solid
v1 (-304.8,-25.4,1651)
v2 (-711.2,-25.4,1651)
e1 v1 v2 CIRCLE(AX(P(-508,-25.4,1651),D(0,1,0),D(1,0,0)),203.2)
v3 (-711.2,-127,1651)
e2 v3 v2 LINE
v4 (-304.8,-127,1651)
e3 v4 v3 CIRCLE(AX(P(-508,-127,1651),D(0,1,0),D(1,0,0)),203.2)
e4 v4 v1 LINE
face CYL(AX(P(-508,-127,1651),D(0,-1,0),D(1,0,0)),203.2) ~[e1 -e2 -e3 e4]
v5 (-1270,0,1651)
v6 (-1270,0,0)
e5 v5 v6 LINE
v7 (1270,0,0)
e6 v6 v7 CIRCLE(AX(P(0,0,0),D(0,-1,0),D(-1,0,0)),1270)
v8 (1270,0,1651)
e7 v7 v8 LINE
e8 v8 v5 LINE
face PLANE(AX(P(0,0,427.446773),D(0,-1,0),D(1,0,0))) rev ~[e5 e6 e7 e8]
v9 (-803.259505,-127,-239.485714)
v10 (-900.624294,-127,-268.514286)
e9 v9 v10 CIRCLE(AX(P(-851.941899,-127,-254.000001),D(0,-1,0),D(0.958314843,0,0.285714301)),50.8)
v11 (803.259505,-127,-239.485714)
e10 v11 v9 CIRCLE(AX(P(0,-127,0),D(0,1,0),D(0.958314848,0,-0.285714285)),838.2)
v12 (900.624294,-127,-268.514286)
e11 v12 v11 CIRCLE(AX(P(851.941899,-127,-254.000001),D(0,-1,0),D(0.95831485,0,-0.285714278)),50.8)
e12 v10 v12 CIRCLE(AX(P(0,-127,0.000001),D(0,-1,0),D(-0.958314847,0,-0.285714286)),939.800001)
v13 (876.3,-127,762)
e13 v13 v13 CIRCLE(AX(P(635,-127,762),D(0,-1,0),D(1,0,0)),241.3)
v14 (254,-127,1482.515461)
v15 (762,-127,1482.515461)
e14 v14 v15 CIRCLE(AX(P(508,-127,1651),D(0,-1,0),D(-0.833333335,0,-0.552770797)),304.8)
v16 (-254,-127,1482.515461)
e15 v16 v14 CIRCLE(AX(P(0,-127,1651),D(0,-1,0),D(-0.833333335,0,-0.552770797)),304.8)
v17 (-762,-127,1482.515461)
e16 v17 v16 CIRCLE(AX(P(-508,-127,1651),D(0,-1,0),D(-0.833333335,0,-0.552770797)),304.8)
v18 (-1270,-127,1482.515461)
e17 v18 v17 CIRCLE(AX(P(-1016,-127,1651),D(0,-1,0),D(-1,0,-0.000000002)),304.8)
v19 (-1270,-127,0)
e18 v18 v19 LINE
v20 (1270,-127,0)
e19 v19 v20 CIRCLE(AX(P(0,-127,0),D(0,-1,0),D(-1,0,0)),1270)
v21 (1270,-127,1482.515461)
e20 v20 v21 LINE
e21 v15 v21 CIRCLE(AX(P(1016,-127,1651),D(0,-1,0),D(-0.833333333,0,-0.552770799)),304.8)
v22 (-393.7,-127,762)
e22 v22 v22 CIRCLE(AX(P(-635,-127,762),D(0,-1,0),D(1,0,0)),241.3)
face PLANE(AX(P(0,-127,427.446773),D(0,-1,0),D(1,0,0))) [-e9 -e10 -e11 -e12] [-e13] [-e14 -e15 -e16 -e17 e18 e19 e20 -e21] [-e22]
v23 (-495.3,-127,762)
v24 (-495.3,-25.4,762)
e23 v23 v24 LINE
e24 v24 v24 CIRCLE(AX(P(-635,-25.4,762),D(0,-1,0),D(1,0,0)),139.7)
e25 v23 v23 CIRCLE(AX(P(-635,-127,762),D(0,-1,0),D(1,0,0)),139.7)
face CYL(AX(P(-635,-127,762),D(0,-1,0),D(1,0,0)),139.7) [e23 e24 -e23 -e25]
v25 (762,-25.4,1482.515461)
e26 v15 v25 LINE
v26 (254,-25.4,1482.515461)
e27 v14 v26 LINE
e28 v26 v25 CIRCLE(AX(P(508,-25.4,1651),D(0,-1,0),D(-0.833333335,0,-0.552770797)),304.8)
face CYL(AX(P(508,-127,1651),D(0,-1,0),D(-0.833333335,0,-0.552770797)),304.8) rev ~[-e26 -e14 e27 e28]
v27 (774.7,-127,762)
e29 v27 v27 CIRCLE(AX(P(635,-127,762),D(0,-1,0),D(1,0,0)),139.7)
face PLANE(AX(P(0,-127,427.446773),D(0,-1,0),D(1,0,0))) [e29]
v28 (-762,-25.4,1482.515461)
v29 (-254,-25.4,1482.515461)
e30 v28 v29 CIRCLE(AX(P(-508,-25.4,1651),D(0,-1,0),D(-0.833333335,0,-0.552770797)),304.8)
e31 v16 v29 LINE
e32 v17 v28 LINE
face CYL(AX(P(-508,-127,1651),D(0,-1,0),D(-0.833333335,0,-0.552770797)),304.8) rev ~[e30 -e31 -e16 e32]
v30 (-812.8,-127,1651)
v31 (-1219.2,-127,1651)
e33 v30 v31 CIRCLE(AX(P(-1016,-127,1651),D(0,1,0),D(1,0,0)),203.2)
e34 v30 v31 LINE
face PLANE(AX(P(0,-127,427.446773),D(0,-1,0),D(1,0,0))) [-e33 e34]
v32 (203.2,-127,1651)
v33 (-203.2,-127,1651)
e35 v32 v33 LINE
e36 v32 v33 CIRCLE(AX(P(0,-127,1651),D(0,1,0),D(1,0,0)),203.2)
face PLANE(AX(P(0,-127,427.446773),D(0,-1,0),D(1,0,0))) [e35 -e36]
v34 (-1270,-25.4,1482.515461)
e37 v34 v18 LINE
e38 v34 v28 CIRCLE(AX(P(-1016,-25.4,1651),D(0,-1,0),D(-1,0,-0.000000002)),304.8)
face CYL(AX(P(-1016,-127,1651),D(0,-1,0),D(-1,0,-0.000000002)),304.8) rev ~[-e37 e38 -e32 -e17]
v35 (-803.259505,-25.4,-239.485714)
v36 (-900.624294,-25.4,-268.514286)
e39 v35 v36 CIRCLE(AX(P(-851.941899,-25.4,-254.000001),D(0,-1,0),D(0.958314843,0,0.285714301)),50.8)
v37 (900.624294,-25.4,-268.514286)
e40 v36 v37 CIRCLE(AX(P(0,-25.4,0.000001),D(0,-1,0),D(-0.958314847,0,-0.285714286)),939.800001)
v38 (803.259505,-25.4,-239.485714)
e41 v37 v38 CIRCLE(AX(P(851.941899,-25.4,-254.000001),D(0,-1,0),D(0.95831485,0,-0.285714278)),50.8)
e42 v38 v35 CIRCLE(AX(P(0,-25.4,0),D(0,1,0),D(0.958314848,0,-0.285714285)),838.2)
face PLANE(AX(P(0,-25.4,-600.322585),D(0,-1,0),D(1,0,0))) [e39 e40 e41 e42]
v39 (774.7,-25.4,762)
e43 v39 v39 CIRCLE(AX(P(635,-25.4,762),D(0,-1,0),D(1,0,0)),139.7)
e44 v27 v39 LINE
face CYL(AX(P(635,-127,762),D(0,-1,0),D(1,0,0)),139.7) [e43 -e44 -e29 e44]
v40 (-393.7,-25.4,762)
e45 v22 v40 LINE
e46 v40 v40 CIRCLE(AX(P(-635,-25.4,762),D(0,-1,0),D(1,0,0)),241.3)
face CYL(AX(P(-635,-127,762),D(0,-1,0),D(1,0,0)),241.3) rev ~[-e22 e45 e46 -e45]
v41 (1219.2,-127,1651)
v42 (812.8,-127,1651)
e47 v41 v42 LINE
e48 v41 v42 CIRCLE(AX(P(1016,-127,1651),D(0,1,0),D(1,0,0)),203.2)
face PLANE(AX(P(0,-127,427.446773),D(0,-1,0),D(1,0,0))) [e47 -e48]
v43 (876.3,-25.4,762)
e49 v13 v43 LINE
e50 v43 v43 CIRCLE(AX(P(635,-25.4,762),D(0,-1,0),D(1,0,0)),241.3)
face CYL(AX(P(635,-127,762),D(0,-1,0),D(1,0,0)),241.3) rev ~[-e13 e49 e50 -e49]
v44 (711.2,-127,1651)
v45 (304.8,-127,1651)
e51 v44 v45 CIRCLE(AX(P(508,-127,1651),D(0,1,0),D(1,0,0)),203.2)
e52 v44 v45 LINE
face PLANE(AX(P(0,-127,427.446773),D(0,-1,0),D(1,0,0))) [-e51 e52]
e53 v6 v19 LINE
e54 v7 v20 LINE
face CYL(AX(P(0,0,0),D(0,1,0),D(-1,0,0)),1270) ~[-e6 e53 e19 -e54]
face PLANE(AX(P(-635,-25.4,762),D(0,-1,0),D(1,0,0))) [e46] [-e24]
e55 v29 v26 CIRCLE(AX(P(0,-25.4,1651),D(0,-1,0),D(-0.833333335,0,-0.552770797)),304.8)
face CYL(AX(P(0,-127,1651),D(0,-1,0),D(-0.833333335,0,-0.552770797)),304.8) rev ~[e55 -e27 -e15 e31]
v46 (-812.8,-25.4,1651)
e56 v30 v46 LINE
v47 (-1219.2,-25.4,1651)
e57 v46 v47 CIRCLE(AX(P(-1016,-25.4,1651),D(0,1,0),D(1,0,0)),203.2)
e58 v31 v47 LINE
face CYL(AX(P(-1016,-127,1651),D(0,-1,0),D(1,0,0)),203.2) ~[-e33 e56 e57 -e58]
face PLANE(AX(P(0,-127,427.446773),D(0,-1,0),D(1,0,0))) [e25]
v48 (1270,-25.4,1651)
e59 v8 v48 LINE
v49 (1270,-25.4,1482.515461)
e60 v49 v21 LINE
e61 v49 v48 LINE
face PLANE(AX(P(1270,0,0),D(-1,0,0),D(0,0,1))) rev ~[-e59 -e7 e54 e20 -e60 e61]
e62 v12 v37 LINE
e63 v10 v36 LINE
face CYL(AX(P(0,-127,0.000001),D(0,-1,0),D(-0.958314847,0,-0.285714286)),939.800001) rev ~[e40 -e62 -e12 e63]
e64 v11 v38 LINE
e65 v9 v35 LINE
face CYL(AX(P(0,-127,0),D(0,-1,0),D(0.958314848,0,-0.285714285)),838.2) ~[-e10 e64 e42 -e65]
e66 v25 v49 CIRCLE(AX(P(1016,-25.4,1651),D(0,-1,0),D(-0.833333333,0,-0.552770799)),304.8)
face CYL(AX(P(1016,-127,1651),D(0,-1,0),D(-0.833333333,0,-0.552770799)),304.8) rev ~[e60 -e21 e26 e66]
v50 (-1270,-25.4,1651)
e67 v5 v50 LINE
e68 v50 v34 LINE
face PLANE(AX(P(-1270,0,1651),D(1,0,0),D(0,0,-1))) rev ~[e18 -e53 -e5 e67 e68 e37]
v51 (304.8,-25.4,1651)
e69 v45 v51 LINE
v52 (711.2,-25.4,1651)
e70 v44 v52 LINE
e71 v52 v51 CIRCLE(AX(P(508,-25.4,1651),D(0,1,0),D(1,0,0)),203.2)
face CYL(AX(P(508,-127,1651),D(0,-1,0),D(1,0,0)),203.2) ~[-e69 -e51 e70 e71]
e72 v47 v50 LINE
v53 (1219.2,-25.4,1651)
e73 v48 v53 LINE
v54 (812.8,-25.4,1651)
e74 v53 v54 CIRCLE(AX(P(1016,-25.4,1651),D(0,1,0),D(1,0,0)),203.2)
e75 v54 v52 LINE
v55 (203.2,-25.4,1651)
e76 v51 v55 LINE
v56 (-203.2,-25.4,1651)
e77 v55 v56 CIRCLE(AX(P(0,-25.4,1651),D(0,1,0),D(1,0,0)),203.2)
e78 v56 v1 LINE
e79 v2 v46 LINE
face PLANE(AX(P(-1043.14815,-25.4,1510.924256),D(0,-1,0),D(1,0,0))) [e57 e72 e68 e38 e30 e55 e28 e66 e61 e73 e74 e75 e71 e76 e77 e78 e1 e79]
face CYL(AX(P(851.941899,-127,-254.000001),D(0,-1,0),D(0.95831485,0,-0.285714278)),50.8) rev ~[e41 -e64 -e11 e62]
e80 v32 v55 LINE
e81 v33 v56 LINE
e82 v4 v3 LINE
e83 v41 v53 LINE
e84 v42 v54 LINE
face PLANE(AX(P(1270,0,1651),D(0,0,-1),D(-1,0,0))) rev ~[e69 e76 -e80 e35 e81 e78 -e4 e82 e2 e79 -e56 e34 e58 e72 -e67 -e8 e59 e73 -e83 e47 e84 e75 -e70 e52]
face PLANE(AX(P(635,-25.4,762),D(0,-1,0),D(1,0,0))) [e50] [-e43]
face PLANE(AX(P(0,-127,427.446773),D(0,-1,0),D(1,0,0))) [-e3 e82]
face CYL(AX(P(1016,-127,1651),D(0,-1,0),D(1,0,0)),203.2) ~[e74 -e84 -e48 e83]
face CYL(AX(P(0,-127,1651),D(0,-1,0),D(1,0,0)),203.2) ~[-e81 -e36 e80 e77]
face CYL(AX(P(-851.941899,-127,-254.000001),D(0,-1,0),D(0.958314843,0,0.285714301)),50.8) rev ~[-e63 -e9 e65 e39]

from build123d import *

# Parameters (mm, degrees)
F1_DEPTH = 127
F2_R     = 241.3
F2_R_2   = 139.7
F3_DEPTH = 101.6
F4_R     = 139.7
F5_DEPTH = 101.6


with BuildPart() as f1:
    # F0 (on Front) → F1 (new body)
    with BuildSketch(Plane.XZ):
        with BuildLine():
            Line((-1270, 1651), (-1270, 0))
            ThreePointArc((-1270, 0), (0, -1270), (1270, 0))
            Line((1270, 0), (1270, 1651))
            Line((1270, 1651), (-1270, 1651))
        make_face()
    extrude(amount=F1_DEPTH)

    # F2 (on face) → F3 (cut)
    with BuildSketch(Plane.XZ.offset(127)):
        with BuildLine():
            ThreePointArc((-1219.2, 1651), (-1270, 1701.8), (-1320.8, 1651))
            ThreePointArc((-1320.8, 1651), (-1103.988181, 1359.176218), (-762, 1482.515461))
            ThreePointArc((-762, 1482.515461), (-799.823782, 1563.011819), (-812.8, 1651))
            ThreePointArc((-812.8, 1651), (-1016, 1447.8), (-1219.2, 1651))
        make_face()
        with BuildLine():
            ThreePointArc((-812.8, 1651), (-799.823782, 1563.011819), (-762, 1482.515461))
            ThreePointArc((-762, 1482.515461), (-724.176218, 1563.011819), (-711.2, 1651))
            ThreePointArc((-711.2, 1651), (-762, 1701.8), (-812.8, 1651))
        make_face()
        with BuildLine():
            ThreePointArc((-711.2, 1651), (-724.176218, 1563.011819), (-762, 1482.515461))
            ThreePointArc((-762, 1482.515461), (-508, 1346.2), (-254, 1482.515461))
            ThreePointArc((-254, 1482.515461), (-291.823782, 1563.011819), (-304.8, 1651))
            ThreePointArc((-304.8, 1651), (-508, 1447.8), (-711.2, 1651))
        make_face()
        with BuildLine():
            ThreePointArc((-304.8, 1651), (-291.823782, 1563.011819), (-254, 1482.515461))
            ThreePointArc((-254, 1482.515461), (-216.176218, 1563.011819), (-203.2, 1651))
            ThreePointArc((-203.2, 1651), (-254, 1701.8), (-304.8, 1651))
        make_face()
        with BuildLine():
            ThreePointArc((-203.2, 1651), (-216.176218, 1563.011819), (-254, 1482.515461))
            ThreePointArc((-254, 1482.515461), (0, 1346.2), (254, 1482.515461))
            ThreePointArc((254, 1482.515461), (216.176218, 1563.011819), (203.2, 1651))
            ThreePointArc((203.2, 1651), (0, 1447.8), (-203.2, 1651))
        make_face()
        with BuildLine():
            ThreePointArc((203.2, 1651), (216.176218, 1563.011819), (254, 1482.515461))
            ThreePointArc((254, 1482.515461), (291.823782, 1563.011819), (304.8, 1651))
            ThreePointArc((304.8, 1651), (254, 1701.8), (203.2, 1651))
        make_face()
        with BuildLine():
            ThreePointArc((304.8, 1651), (291.823782, 1563.011819), (254, 1482.515461))
            ThreePointArc((254, 1482.515461), (508, 1346.2), (762, 1482.515461))
            ThreePointArc((762, 1482.515461), (724.176218, 1563.011819), (711.2, 1651))
            ThreePointArc((711.2, 1651), (508, 1447.8), (304.8, 1651))
        make_face()
        with BuildLine():
            ThreePointArc((711.2, 1651), (724.176218, 1563.011819), (762, 1482.515461))
            ThreePointArc((762, 1482.515461), (799.823782, 1563.011819), (812.8, 1651))
            ThreePointArc((812.8, 1651), (762, 1701.8), (711.2, 1651))
        make_face()
        with BuildLine():
            ThreePointArc((812.8, 1651), (799.823782, 1563.011819), (762, 1482.515461))
            ThreePointArc((762, 1482.515461), (1103.988181, 1359.176218), (1320.8, 1651))
            ThreePointArc((1320.8, 1651), (1270, 1701.8), (1219.2, 1651))
            ThreePointArc((1219.2, 1651), (1016, 1447.8), (812.8, 1651))
        make_face()
        with BuildLine():
            ThreePointArc((-803.259505, -239.485714), (-866.456185, -205.317606), (-900.624294, -268.514286))
            ThreePointArc((-900.624294, -268.514286), (0, -939.8), (900.624294, -268.514286))
            ThreePointArc((900.624294, -268.514286), (866.456185, -205.317606), (803.259505, -239.485714))
            ThreePointArc((803.259505, -239.485714), (0, -838.2), (-803.259505, -239.485714))
        make_face()
        with Locations((-635, 762)):
            Circle(F2_R)
        with Locations((-635, 762)):
            Circle(F2_R_2, mode=Mode.SUBTRACT)
        with Locations((635, 762)):
            Circle(F2_R)
        with Locations((635, 762)):
            Circle(F2_R_2, mode=Mode.SUBTRACT)
    extrude(amount=-F3_DEPTH, mode=Mode.SUBTRACT)

    # F4 (on face) → F5 (join)
    with BuildSketch(Plane.XZ.offset(25.4)):
        with Locations((-635, 762)):
            Circle(F4_R)
    extrude(amount=F5_DEPTH)


solid = f1.part
